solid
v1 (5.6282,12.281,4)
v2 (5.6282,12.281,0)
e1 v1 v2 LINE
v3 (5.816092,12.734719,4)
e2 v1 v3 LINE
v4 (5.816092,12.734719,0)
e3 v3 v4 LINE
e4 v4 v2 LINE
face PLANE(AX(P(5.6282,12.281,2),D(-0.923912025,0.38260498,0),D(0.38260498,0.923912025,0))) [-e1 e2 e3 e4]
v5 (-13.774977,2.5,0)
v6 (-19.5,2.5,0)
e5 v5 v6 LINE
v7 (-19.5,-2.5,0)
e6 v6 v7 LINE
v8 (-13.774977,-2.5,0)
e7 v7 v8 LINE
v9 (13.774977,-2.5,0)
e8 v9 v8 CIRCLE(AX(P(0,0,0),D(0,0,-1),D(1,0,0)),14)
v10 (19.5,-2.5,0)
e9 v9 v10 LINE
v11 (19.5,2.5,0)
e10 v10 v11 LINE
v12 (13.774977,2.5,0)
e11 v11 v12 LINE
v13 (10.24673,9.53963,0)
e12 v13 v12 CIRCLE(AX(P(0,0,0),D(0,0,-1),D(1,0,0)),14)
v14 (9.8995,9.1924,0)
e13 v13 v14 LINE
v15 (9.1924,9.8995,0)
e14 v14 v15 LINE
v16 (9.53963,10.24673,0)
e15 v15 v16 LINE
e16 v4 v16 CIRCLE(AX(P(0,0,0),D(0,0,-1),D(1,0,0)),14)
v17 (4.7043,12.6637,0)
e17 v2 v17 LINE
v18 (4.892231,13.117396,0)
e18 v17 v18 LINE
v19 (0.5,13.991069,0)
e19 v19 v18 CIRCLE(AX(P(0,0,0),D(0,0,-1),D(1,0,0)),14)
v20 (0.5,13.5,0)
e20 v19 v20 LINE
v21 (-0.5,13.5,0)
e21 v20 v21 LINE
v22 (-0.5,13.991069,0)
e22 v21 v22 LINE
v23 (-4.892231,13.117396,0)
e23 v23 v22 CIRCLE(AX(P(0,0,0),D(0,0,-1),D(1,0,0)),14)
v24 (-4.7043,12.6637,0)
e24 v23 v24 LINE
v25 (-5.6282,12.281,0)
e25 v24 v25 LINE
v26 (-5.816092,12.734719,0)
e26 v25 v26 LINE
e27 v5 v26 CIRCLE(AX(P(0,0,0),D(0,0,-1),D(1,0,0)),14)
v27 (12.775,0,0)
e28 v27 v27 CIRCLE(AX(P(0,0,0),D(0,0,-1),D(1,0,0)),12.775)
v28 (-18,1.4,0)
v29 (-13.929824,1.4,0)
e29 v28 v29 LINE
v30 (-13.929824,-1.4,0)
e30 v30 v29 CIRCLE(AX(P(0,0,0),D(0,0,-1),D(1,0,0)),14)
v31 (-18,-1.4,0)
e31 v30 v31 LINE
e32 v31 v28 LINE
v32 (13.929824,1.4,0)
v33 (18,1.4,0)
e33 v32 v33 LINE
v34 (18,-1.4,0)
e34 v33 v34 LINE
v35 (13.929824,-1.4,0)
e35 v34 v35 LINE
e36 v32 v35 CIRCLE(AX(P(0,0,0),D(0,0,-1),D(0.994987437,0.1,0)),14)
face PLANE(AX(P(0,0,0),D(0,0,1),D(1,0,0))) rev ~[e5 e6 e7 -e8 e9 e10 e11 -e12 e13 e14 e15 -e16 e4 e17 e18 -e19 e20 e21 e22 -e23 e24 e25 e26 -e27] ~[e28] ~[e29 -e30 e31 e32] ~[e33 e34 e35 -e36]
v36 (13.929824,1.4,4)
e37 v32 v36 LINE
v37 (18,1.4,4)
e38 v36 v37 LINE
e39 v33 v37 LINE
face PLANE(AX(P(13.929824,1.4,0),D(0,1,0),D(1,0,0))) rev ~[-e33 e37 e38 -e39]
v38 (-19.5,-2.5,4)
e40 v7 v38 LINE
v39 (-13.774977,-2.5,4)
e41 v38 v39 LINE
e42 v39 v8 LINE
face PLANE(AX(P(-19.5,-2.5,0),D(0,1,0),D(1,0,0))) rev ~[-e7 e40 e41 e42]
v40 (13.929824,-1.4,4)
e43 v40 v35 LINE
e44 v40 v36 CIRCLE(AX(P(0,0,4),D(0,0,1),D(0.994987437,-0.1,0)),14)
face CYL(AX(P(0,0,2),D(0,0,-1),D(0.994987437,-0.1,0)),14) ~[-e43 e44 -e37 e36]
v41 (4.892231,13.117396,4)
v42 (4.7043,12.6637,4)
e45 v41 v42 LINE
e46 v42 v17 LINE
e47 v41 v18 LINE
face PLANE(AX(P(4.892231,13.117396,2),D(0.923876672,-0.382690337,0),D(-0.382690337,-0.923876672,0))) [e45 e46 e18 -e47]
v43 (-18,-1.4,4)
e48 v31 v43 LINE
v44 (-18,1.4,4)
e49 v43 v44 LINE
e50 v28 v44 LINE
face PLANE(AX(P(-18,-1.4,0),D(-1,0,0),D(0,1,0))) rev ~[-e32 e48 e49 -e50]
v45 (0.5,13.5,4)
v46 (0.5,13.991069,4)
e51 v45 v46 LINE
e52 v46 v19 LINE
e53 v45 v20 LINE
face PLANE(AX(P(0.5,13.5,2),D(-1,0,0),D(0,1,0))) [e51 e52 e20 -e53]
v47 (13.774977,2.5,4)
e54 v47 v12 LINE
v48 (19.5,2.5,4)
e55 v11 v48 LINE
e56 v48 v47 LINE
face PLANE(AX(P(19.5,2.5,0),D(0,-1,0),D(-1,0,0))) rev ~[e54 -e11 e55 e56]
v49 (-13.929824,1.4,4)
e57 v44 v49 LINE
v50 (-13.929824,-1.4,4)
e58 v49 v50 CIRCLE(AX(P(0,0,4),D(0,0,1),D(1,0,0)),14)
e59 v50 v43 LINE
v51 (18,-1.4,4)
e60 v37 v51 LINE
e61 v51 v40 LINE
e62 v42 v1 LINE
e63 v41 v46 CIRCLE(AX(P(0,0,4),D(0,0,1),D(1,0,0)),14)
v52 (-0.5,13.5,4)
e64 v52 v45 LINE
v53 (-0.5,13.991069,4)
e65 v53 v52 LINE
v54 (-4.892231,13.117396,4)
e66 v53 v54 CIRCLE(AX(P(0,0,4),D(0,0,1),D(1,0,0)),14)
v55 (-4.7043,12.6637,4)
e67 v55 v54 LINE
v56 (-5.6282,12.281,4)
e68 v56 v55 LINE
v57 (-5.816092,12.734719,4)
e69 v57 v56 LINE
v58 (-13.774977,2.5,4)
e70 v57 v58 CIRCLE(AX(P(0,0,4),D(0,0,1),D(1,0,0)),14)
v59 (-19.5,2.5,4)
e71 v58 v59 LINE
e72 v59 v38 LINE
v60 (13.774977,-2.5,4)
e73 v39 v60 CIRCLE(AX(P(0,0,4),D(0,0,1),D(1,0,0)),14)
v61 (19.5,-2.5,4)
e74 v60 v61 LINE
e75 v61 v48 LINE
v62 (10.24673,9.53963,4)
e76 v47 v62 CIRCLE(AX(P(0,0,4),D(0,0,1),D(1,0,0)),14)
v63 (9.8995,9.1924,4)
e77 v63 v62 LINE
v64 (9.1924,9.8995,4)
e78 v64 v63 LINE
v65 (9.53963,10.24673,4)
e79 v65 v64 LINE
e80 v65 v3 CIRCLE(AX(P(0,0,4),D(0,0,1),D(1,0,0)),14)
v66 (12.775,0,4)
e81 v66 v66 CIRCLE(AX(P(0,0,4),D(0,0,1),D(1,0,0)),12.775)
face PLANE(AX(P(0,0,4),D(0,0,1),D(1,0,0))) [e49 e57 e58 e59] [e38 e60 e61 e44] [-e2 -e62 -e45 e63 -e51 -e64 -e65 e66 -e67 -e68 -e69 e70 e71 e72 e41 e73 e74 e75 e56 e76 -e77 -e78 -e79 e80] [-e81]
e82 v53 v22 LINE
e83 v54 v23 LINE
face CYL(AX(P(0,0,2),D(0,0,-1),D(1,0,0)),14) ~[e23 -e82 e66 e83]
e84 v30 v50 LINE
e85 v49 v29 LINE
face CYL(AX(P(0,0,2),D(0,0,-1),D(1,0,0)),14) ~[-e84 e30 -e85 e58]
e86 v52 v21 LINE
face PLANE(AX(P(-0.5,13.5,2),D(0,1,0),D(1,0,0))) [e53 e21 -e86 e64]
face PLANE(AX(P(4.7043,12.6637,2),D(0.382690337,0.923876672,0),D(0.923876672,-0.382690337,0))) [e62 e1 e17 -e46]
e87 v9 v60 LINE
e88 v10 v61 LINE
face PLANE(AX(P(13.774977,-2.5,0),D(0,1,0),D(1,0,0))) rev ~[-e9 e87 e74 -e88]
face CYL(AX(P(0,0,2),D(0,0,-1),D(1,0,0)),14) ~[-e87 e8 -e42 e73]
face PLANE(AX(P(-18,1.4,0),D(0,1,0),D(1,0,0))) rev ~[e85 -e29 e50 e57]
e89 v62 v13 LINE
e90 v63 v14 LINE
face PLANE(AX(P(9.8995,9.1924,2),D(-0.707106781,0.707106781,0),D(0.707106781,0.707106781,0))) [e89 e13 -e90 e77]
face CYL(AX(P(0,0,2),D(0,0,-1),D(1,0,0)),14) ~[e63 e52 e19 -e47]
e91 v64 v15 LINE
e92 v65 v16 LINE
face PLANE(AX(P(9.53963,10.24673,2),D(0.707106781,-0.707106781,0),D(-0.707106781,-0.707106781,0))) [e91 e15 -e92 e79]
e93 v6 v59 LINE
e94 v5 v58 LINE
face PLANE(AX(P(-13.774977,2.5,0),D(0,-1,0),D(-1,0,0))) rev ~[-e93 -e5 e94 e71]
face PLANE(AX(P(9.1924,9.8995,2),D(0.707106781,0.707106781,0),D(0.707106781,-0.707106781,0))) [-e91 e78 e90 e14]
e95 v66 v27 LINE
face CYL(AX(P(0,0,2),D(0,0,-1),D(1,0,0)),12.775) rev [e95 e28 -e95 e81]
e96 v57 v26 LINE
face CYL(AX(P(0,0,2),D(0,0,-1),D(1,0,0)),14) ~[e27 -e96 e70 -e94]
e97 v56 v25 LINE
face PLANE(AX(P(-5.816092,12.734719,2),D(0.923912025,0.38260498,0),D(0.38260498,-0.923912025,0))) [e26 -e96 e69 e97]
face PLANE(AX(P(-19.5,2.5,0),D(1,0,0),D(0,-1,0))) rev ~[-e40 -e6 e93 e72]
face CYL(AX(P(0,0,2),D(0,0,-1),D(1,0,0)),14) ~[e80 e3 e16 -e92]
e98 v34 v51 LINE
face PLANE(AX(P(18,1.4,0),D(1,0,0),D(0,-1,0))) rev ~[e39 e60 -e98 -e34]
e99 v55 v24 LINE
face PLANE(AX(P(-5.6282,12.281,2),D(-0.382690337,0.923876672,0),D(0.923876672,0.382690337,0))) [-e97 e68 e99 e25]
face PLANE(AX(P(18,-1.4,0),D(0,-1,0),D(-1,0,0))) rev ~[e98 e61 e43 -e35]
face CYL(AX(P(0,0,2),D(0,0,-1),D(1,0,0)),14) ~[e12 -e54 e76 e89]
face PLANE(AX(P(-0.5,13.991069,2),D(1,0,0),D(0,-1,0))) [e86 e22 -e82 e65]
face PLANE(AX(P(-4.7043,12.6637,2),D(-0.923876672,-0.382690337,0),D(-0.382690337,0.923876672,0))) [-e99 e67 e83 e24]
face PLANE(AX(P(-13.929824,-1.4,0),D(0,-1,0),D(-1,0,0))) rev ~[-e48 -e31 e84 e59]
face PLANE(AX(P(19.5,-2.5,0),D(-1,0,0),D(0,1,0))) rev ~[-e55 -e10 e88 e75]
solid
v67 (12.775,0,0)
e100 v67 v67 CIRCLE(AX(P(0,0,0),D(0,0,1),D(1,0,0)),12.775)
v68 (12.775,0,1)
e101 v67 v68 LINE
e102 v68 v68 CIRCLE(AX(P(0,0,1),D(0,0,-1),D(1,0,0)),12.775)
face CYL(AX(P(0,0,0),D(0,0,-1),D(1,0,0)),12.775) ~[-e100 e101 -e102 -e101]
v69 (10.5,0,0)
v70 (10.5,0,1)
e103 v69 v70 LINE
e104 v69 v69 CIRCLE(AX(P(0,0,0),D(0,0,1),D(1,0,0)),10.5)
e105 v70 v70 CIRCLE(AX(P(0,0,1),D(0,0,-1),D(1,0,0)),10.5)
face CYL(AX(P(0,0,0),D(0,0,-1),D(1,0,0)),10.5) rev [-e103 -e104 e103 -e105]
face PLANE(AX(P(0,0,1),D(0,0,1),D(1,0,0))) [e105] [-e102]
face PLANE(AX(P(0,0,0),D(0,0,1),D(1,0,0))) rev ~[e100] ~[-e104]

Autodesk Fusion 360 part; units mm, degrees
sketch "Sketch1" plane through (0, 0, 0) normal (0, 0, 1) x (1, 0, 0)
  circle A0 centre (0, 0) radius 12.775
  circle A1 centre (0, 0) radius 14
  circle A2 centre (0, 0) radius 10.5
  line L0 (19.5, 2.5) -> (-19.5, 2.5)
  line L1 (-19.5, 2.5) -> (-19.5, -2.5)
  line L2 (-19.5, -2.5) -> (19.5, -2.5)
  line L3 (19.5, -2.5) -> (19.5, 2.5)
  line L4 (19.5, 2.5) -> (-19.5, -2.5) construction
  line L5 (-19.5, 2.5) -> (19.5, -2.5) construction
  line L6 (18, -1.4) -> (-18, -1.4)
  line L7 (-18, -1.4) -> (-18, 1.4)
  line L8 (-18, 1.4) -> (18, 1.4)
  line L9 (18, 1.4) -> (18, -1.4)
  line L10 (18, -1.4) -> (-18, 1.4) construction
  line L11 (-18, -1.4) -> (18, 1.4) construction
  line L12 (0.5, 13.5) -> (-0.5, 13.5)
  line L13 (-0.5, 13.5) -> (-0.5, 14.5)
  line L14 (-0.5, 14.5) -> (0.5, 14.5)
  line L15 (0.5, 14.5) -> (0.5, 13.5)
  line L16 (0.5, 13.5) -> (-0.5, 14.5) construction
  line L17 (-0.5, 13.5) -> (0.5, 14.5) construction
  line L18 (-4.7043, 12.6637) -> (-5.6282, 12.281)
  line L19 (-5.6282, 12.281) -> (-6.0108, 13.2049)
  line L20 (-6.0108, 13.2049) -> (-5.087, 13.5876)
  line L21 (-5.087, 13.5876) -> (-4.7043, 12.6637)
  line L22 (-9.1924, 9.8995) -> (-9.8995, 9.1924)
  line L23 (-9.8995, 9.1924) -> (-10.6066, 9.8995)
  line L24 (-10.6066, 9.8995) -> (-9.8995, 10.6066)
  line L25 (-9.8995, 10.6066) -> (-9.1924, 9.8995)
  line L26 (-12.281, 5.6282) -> (-12.6637, 4.7043)
  line L27 (-12.6637, 4.7043) -> (-13.5876, 5.087)
  line L28 (-13.5876, 5.087) -> (-13.2049, 6.0108)
  line L29 (-13.2049, 6.0108) -> (-12.281, 5.6282)
  line L30 (-13.5, 0.5) -> (-13.5, -0.5)
  line L31 (-13.5, -0.5) -> (-14.5, -0.5)
  line L32 (-14.5, -0.5) -> (-14.5, 0.5)
  line L33 (-14.5, 0.5) -> (-13.5, 0.5)
  line L34 (-12.6637, -4.7043) -> (-12.281, -5.6282)
  line L35 (-12.281, -5.6282) -> (-13.2049, -6.0108)
  line L36 (-13.2049, -6.0108) -> (-13.5876, -5.087)
  line L37 (-13.5876, -5.087) -> (-12.6637, -4.7043)
  line L38 (-9.8995, -9.1924) -> (-9.1924, -9.8995)
  line L39 (-9.1924, -9.8995) -> (-9.8995, -10.6066)
  line L40 (-9.8995, -10.6066) -> (-10.6066, -9.8995)
  line L41 (-10.6066, -9.8995) -> (-9.8995, -9.1924)
  line L42 (-5.6282, -12.281) -> (-4.7043, -12.6637)
  line L43 (-4.7043, -12.6637) -> (-5.087, -13.5876)
  line L44 (-5.087, -13.5876) -> (-6.0108, -13.2049)
  line L45 (-6.0108, -13.2049) -> (-5.6282, -12.281)
  line L46 (-0.5, -13.5) -> (0.5, -13.5)
  line L47 (0.5, -13.5) -> (0.5, -14.5)
  line L48 (0.5, -14.5) -> (-0.5, -14.5)
  line L49 (-0.5, -14.5) -> (-0.5, -13.5)
  line L50 (4.7043, -12.6637) -> (5.6282, -12.281)
  line L51 (5.6282, -12.281) -> (6.0108, -13.2049)
  line L52 (6.0108, -13.2049) -> (5.087, -13.5876)
  line L53 (5.087, -13.5876) -> (4.7043, -12.6637)
  line L54 (9.1924, -9.8995) -> (9.8995, -9.1924)
  line L55 (9.8995, -9.1924) -> (10.6066, -9.8995)
  line L56 (10.6066, -9.8995) -> (9.8995, -10.6066)
  line L57 (9.8995, -10.6066) -> (9.1924, -9.8995)
  line L58 (12.281, -5.6282) -> (12.6637, -4.7043)
  line L59 (12.6637, -4.7043) -> (13.5876, -5.087)
  line L60 (13.5876, -5.087) -> (13.2049, -6.0108)
  line L61 (13.2049, -6.0108) -> (12.281, -5.6282)
  line L62 (13.5, -0.5) -> (13.5, 0.5)
  line L63 (13.5, 0.5) -> (14.5, 0.5)
  line L64 (14.5, 0.5) -> (14.5, -0.5)
  line L65 (14.5, -0.5) -> (13.5, -0.5)
  line L66 (12.6637, 4.7043) -> (12.281, 5.6282)
  line L67 (12.281, 5.6282) -> (13.2049, 6.0108)
  line L68 (13.2049, 6.0108) -> (13.5876, 5.087)
  line L69 (13.5876, 5.087) -> (12.6637, 4.7043)
  line L70 (9.8995, 9.1924) -> (9.1924, 9.8995)
  line L71 (9.1924, 9.8995) -> (9.8995, 10.6066)
  line L72 (9.8995, 10.6066) -> (10.6066, 9.8995)
  line L73 (10.6066, 9.8995) -> (9.8995, 9.1924)
  line L74 (5.6282, 12.281) -> (4.7043, 12.6637)
  line L75 (4.7043, 12.6637) -> (5.087, 13.5876)
  line L76 (5.087, 13.5876) -> (6.0108, 13.2049)
  line L77 (6.0108, 13.2049) -> (5.6282, 12.281)
  point P0 (0, 14)
  dimension "d3" = 25.55
  dimension "d4" = 28
  dimension "d5" = 21
  dimension "d10" = 39
  dimension "d11" = 5
  dimension "d12" = 36
  dimension "d13" = 2.8
  dimension "d16" = 1
  dimension "d17" = 1
  dimension "d21" = 360
extrude "Extrude2" add sketch "Sketch1" along normal blind 2 contours A0 A1 L6 L8 L62 L63 L65 | A0 A1 L0 L8 | A0 A1 L2 L6 | A0 A1 L0 L12 L13 L15 L18 L19 L21 L22 L23 L25 L26 L27 L29 L66 L67 L69 L70 L71 L73 L74 L75 L77 | A0 A1 L2 L34 L35 L37 L38 L39 L41 L42 L43 L45 L46 L47 L49 L50 L51 L53 L54 L55 L57 L58 L59 L61 | A0 A1 L0 L8 | A1 L62 L63 L65 | A0 A1 L2 L6 | A0 A1 L6 L8 L30 L31 L33 | A1 L66 L67 L69 | A1 L58 L59 L61 | A1 L26 L27 L29 | A1 L34 L35 L37 | A1 L30 L31 L33 | A1 L70 L71 L73 | A1 L54 L55 L57 | A1 L22 L23 L25 | A1 L38 L39 L41 | A1 L74 L75 L77 | A1 L50 L51 L53 | A1 L18 L19 L21 | A1 L42 L43 L45 | A1 L12 L13 L15 | A1 L46 L47 L49 makes body 1
extrude "Extrude1" add sketch "Sketch1" along normal blind 1 separate body contours A0 A2 L6 L8 | A0 A2 L0 L8 | A0 A2 L2 L6 | A0 A2 L0 | A0 A2 L2 | A0 A2 L0 L8 | A0 A2 L6 L8 | A0 A2 L2 L6 makes body 2
extrude "Extrude3" add sketch "Sketch1" along normal blind 4 contours A1 L0 L2 L3 L6 L8 L9 | A1 L0 L1 L2 L6 L7 L8 bodies 1
extrude "Extrude4" cut sketch "Sketch1" along normal blind 4.762 contours A1 L12 L13 L15 bodies 1
extrude "Extrude5" cut sketch "Sketch1" along normal blind 6.934 contours A1 L70 L71 L73 | A1 L74 L75 L77 | A1 L18 L19 L21 bodies 1
extrude "Extrude6" add 1 faces at (-1.93, 13.0172, 2) along direction (0, 0, 1) blind 2 on bodies 1 bodies 1
